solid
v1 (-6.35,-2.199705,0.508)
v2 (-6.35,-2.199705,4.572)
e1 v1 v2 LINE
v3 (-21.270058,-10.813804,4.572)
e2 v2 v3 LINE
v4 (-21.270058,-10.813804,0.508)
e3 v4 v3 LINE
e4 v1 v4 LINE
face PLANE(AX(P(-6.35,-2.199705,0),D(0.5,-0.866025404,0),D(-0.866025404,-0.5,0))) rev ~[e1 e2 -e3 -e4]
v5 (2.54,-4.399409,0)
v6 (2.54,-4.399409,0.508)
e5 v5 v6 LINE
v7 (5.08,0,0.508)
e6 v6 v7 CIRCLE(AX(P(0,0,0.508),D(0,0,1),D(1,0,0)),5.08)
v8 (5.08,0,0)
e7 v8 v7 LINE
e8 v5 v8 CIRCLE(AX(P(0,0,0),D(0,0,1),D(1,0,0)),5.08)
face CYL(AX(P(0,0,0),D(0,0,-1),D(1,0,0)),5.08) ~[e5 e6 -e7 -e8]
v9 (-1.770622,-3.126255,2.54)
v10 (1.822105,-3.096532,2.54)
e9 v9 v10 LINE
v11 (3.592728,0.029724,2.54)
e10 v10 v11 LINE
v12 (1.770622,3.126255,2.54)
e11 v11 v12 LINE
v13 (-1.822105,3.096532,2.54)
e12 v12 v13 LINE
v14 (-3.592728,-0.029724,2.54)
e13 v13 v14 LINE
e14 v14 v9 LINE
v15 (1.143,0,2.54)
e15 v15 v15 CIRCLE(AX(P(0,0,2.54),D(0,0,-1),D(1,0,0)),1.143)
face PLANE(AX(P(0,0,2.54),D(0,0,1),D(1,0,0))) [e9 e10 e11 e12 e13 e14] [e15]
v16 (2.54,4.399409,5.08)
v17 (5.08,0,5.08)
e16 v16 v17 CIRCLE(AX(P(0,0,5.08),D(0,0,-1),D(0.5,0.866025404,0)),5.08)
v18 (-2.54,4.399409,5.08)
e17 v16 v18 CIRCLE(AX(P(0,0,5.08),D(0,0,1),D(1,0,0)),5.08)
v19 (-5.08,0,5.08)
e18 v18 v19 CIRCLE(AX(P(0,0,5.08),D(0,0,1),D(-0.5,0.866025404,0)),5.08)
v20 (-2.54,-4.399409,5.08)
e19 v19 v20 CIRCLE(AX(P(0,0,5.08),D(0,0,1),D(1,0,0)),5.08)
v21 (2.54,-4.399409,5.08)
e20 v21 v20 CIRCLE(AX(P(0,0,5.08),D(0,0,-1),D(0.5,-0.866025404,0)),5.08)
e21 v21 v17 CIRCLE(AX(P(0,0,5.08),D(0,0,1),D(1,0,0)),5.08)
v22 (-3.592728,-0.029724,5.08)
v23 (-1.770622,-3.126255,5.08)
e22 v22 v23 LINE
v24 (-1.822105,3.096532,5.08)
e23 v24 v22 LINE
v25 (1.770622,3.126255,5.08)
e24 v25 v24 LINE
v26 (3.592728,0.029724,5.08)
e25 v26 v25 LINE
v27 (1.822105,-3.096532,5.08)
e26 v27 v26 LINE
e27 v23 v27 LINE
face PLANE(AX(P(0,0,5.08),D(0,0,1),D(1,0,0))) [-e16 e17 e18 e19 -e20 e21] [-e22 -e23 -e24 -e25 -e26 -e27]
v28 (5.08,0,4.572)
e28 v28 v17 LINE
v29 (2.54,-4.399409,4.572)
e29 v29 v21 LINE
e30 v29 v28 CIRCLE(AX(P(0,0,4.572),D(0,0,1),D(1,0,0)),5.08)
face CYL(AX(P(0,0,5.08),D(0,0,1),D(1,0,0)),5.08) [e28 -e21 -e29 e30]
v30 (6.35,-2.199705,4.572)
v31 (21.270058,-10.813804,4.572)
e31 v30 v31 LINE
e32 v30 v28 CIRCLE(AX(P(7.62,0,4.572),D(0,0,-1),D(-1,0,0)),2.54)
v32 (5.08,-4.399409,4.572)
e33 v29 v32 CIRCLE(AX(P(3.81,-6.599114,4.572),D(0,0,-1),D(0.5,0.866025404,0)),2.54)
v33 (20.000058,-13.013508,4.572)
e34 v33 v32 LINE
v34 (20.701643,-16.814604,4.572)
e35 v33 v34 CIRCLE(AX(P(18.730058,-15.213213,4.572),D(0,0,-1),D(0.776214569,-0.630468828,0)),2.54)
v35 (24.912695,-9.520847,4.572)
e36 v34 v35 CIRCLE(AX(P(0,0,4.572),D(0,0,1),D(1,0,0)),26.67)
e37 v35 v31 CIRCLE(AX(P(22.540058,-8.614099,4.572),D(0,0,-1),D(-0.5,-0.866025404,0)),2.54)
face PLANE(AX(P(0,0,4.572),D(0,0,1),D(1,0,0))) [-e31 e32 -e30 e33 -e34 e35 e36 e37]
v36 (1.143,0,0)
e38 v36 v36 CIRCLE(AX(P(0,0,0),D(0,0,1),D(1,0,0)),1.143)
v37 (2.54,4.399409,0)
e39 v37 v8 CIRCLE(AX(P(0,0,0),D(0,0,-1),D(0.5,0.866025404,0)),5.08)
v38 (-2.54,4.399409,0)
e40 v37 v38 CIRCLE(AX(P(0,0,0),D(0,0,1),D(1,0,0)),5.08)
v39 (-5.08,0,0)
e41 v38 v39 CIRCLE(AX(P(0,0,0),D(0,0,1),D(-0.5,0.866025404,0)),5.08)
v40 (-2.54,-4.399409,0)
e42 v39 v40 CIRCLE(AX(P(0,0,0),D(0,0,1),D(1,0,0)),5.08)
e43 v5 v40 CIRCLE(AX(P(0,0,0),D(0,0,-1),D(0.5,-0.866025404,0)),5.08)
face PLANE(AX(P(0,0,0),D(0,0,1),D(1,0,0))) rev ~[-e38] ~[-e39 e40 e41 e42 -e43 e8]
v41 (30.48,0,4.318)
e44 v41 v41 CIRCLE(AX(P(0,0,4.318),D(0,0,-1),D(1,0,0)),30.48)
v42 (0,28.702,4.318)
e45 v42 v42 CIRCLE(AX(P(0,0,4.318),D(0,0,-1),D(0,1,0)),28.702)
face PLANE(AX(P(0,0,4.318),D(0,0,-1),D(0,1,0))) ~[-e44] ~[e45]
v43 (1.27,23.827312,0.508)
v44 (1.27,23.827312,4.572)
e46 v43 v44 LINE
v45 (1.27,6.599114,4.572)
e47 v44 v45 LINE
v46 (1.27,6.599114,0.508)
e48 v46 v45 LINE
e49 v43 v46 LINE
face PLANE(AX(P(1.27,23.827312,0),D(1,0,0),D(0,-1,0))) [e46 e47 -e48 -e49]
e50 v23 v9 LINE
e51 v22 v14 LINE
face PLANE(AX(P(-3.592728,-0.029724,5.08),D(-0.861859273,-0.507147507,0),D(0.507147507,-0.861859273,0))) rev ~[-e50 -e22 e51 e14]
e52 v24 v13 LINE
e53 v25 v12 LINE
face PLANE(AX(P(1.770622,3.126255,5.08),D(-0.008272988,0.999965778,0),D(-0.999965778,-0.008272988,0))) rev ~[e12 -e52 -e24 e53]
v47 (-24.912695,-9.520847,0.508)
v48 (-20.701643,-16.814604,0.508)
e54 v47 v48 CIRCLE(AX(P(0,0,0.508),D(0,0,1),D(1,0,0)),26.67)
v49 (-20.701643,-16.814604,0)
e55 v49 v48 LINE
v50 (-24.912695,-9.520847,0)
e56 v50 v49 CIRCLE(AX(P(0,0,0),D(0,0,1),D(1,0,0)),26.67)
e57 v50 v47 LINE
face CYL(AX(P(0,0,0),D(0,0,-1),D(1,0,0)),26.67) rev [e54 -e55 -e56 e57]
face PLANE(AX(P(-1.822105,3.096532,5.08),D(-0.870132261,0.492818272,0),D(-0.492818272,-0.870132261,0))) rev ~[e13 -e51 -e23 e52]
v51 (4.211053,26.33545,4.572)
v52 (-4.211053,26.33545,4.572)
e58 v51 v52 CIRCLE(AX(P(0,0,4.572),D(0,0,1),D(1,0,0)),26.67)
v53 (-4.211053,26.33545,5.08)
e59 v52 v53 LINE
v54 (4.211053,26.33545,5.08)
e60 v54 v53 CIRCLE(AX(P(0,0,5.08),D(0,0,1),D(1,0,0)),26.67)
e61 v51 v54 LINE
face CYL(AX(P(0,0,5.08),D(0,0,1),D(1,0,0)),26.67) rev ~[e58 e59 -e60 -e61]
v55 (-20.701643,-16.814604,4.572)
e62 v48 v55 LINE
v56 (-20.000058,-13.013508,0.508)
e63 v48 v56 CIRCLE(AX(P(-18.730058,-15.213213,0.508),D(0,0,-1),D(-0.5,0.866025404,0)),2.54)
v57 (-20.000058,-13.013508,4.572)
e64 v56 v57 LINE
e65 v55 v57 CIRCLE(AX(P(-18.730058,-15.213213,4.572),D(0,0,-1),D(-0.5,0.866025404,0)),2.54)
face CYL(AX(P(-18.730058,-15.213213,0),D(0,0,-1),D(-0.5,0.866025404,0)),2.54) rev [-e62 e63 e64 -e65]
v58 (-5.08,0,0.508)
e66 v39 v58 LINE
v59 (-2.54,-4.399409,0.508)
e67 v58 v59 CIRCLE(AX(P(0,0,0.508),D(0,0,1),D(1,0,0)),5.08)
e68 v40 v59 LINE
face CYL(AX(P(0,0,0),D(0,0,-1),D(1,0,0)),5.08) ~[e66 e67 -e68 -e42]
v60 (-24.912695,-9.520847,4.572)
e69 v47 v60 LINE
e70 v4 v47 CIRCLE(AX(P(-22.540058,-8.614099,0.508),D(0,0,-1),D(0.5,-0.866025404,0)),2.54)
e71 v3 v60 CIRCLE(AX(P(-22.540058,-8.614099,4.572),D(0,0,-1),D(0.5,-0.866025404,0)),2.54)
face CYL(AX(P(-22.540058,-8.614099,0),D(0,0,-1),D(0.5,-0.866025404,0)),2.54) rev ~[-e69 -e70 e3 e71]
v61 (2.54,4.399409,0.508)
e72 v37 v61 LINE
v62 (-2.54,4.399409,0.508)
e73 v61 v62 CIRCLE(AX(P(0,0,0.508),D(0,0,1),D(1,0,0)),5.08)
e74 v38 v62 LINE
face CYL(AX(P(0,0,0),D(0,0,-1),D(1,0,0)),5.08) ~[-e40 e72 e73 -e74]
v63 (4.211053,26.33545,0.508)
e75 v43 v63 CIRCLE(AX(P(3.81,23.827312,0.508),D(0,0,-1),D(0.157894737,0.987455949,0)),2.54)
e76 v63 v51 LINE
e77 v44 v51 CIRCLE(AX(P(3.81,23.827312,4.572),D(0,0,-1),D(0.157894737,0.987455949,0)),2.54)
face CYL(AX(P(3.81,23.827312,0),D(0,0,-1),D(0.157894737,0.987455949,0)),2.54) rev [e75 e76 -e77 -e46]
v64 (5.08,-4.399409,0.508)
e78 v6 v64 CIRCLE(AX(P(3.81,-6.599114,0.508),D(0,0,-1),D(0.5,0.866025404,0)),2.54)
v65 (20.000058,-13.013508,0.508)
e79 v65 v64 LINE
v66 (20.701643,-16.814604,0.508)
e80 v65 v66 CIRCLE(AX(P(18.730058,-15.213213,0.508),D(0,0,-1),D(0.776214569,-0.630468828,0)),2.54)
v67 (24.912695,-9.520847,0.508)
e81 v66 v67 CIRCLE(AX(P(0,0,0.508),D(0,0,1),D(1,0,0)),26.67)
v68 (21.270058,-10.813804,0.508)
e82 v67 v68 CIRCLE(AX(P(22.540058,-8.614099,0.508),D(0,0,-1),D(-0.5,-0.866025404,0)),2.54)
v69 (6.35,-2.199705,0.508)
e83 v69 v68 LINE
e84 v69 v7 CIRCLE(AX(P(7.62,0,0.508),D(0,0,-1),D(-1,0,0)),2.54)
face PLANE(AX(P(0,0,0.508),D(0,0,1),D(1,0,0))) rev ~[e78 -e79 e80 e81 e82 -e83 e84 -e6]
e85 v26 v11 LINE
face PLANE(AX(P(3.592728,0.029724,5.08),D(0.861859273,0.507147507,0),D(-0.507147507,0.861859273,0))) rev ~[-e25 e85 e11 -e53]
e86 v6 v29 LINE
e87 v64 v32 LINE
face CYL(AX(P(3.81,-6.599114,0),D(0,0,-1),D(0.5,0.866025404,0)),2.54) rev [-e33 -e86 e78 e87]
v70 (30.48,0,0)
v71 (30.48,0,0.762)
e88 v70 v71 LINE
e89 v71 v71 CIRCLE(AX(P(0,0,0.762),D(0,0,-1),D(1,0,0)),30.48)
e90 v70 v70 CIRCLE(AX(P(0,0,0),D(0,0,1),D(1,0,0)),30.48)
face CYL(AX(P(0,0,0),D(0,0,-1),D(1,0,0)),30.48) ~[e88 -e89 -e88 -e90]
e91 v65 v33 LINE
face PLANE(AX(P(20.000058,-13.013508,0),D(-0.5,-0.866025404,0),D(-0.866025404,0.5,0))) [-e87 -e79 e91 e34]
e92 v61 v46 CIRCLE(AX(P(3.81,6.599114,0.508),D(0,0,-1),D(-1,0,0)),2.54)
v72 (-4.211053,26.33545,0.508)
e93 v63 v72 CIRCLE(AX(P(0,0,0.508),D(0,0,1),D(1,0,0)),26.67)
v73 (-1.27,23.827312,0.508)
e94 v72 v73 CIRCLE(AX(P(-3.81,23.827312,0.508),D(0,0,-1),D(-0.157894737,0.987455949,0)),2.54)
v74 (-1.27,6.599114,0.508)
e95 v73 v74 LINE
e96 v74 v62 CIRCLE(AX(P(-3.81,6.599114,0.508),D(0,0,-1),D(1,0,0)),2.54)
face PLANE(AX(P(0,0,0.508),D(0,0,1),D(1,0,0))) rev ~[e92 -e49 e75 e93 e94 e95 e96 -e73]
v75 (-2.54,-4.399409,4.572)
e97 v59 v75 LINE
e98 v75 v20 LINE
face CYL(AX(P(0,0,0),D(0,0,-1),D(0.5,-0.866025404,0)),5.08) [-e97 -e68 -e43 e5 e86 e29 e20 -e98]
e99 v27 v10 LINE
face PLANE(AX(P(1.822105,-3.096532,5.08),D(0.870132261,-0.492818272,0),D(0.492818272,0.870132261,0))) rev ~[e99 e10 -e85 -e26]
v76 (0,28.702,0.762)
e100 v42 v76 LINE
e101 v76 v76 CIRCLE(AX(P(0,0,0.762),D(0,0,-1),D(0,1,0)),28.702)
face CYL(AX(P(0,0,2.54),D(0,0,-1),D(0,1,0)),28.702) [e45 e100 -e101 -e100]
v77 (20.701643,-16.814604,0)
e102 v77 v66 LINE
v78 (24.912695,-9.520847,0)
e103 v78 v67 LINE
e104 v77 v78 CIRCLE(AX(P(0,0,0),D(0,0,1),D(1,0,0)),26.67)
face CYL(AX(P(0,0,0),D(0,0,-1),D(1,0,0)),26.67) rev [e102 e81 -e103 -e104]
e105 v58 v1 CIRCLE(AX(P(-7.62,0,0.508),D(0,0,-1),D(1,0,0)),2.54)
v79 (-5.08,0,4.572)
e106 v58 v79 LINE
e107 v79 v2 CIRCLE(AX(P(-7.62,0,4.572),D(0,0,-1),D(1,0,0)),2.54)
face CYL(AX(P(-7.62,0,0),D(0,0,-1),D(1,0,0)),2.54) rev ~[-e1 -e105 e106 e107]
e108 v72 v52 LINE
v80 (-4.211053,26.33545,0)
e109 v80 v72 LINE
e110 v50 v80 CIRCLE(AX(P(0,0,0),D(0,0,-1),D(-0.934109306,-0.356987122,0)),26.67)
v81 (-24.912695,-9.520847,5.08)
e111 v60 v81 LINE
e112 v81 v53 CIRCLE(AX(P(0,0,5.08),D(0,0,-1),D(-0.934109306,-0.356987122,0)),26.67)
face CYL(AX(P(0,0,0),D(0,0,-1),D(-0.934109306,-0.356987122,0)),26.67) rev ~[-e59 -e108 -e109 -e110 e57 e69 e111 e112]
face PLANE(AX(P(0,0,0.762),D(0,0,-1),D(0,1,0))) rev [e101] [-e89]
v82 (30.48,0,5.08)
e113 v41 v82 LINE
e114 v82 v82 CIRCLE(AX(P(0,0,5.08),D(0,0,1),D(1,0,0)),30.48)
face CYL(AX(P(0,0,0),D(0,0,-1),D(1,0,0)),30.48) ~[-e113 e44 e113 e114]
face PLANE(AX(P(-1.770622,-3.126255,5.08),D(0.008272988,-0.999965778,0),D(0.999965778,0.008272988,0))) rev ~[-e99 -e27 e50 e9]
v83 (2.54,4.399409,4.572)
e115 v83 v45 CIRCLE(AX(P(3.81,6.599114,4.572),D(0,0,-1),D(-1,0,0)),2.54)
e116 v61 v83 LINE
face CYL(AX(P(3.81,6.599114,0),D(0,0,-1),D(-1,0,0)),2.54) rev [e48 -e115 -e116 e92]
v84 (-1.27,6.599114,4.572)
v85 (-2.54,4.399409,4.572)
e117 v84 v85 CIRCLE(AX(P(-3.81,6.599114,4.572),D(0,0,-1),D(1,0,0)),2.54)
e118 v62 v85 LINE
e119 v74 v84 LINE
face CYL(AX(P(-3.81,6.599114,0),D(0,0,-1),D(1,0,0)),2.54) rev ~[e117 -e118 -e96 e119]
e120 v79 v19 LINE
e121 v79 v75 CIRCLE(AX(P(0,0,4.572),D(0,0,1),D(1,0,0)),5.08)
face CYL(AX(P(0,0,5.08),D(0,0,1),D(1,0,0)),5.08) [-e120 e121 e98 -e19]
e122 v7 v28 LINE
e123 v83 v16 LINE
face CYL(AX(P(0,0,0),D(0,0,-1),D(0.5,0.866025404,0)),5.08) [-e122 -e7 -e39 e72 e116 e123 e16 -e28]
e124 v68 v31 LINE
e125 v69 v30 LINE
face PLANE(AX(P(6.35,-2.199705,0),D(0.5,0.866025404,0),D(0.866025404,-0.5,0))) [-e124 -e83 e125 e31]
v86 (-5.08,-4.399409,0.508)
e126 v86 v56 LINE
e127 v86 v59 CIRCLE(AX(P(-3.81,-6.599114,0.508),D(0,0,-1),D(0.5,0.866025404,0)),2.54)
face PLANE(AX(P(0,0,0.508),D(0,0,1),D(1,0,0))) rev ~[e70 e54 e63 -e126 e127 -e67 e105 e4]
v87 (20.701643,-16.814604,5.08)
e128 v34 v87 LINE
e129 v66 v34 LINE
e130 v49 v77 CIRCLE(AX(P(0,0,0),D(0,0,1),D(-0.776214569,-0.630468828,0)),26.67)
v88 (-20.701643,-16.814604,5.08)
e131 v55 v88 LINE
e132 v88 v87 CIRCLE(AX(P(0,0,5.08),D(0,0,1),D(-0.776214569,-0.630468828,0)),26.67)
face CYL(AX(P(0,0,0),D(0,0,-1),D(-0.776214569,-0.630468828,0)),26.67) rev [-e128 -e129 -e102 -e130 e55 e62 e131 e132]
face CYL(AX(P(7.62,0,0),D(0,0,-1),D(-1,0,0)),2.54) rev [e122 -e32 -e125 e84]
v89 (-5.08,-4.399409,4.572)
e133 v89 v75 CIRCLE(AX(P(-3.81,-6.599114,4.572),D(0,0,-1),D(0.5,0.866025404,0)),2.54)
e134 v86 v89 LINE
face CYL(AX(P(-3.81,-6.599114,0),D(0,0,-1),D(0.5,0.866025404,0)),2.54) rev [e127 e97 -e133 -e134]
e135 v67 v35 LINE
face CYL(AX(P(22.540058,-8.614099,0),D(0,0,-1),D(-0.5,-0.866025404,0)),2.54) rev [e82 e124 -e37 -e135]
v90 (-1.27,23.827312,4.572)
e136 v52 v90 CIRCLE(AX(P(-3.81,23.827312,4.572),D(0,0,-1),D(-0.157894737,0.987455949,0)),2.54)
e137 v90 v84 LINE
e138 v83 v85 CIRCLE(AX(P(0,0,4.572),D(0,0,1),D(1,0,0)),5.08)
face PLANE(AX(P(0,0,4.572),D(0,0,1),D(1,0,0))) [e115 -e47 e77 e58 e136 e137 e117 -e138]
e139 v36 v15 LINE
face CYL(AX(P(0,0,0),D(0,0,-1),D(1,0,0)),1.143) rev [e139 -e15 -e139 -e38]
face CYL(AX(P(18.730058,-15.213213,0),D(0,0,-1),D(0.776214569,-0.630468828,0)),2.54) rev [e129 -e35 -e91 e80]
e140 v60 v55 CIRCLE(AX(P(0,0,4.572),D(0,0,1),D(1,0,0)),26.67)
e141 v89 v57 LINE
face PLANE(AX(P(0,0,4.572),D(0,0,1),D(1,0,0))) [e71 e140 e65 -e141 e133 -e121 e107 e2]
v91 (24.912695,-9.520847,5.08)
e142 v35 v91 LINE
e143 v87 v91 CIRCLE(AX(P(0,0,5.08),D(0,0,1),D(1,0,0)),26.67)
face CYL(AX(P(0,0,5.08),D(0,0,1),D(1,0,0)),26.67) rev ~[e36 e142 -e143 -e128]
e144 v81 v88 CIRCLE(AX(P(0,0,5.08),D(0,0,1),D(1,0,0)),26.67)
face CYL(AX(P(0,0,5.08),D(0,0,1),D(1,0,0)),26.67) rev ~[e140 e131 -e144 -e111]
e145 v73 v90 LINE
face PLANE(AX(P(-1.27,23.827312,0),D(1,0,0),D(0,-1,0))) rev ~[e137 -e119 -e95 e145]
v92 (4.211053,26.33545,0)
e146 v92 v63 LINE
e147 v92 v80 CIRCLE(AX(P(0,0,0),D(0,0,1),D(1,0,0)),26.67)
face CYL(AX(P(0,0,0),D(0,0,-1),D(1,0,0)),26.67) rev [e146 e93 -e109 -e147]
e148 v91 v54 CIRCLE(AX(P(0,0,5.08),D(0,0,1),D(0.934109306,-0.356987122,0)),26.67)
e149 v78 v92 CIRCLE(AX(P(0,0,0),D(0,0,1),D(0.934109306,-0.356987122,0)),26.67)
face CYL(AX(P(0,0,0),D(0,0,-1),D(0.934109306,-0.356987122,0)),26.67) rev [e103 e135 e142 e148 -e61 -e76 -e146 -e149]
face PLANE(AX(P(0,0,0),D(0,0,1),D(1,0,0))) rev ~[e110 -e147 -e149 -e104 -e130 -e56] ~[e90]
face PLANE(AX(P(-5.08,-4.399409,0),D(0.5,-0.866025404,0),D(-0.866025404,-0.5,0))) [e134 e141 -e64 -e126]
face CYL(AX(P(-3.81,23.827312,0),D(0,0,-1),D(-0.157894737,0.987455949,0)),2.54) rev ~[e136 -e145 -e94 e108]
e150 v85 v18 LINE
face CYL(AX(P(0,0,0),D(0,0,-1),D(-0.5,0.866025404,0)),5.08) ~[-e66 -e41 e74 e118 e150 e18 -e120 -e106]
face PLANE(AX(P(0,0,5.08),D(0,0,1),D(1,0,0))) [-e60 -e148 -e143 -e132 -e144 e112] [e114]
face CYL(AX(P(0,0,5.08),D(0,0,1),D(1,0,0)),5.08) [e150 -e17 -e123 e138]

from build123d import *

# Parameters (mm, degrees)
SKETCH1_R           = 30.48
SKETCH1_R_2         = 1.143
BOSS_EXTRUDE1_DEPTH = 5.08
CUT_EXTRUDE1_DEPTH  = 2.54
SKETCH3_W           = 3.556
SKETCH3_H           = 1.778
SKETCH6_R           = 26.67
SKETCH6_R_2         = 5.08
CUT_EXTRUDE2_DEPTH  = 0.508
SKETCH8_R           = 26.67
SKETCH8_R_2         = 5.08
CUT_EXTRUDE3_DEPTH  = 0.508


with BuildPart() as part:
    # Sketch1 → Boss-Extrude1 (new body)
    with BuildSketch(Plane.XY):
        Circle(SKETCH1_R)
        Circle(SKETCH1_R_2, mode=Mode.SUBTRACT)
        with BuildLine():
            Line((-1.27, 23.82731206), (-1.27, 6.599113577))
            ThreePointArc((-1.27, 6.599113577), (-1.610295474, 5.329113577), (-2.54, 4.399409051))
            ThreePointArc((-2.54, 4.399409051), (-4.399409051, 2.54), (-5.08, 0))
            ThreePointArc((-5.08, 0), (-5.420295474, -1.27), (-6.35, -2.199704526))
            Line((-6.35, -2.199704526), (-21.270057548, -10.813803767))
            ThreePointArc((-21.270057548, -10.813803767), (-23.389696909, -11.007781124), (-24.912695184, -9.52084653))
            ThreePointArc((-24.912695184, -9.52084653), (-23.096897519, 13.335), (-4.211052632, 26.335450171))
            ThreePointArc((-4.211052632, 26.335450171), (-2.161830361, 25.759962272), (-1.27, 23.82731206))
        make_face(mode=Mode.SUBTRACT)
        with BuildLine():
            Line((1.27, 23.82731206), (1.27, 6.599113577))
            ThreePointArc((1.27, 6.599113577), (1.610295474, 5.329113577), (2.54, 4.399409051))
            ThreePointArc((2.54, 4.399409051), (4.399409051, 2.54), (5.08, 0))
            ThreePointArc((5.08, 0), (5.420295474, -1.27), (6.35, -2.199704526))
            Line((6.35, -2.199704526), (21.270057548, -10.813803767))
            ThreePointArc((21.270057548, -10.813803767), (23.389696909, -11.007781124), (24.912695184, -9.52084653))
            ThreePointArc((24.912695184, -9.52084653), (23.096897519, 13.335), (4.211052632, 26.335450171))
            ThreePointArc((4.211052632, 26.335450171), (2.161830361, 25.759962272), (1.27, 23.82731206))
        make_face(mode=Mode.SUBTRACT)
        with BuildLine():
            Line((20.000057548, -13.013508293), (5.08, -4.399409051))
            ThreePointArc((5.08, -4.399409051), (3.81, -4.059113577), (2.54, -4.399409051))
            ThreePointArc((2.54, -4.399409051), (0, -5.08), (-2.54, -4.399409051))
            ThreePointArc((-2.54, -4.399409051), (-3.81, -4.059113577), (-5.08, -4.399409051))
            Line((-5.08, -4.399409051), (-20.000057548, -13.013508293))
            ThreePointArc((-20.000057548, -13.013508293), (-21.227866547, -14.752181148), (-20.701642553, -16.814603641))
            ThreePointArc((-20.701642553, -16.814603641), (0, -26.67), (20.701642553, -16.814603641))
            ThreePointArc((20.701642553, -16.814603641), (21.227866547, -14.752181148), (20.000057548, -13.013508293))
        make_face(mode=Mode.SUBTRACT)
    extrude(amount=BOSS_EXTRUDE1_DEPTH)

    # Sketch2 → Cut-Extrude1 (cut)
    with BuildSketch(Plane.XY.offset(5.08)):
        Polygon((1.770622484, 3.126255324), (-1.822105287, 3.096531714), (-3.592727772, -0.02972361), (-1.770622484, -3.126255324), (1.822105287, -3.096531714), (3.592727772, 0.02972361), align=None)
    extrude(amount=-CUT_EXTRUDE1_DEPTH, mode=Mode.SUBTRACT)

    # Sketch3 → Cut-Revolve1 (revolve, cut)
    with BuildSketch(Plane(origin=(0, 0, 0), x_dir=(0, 0, -1), z_dir=(1, 0, 0))):
        with Locations((-2.54, 29.591)):
            Rectangle(SKETCH3_W, SKETCH3_H)
    revolve(axis=Axis((0, 0, 7.917922269), (0, 0, -1)), mode=Mode.SUBTRACT)

    # Sketch6 → Cut-Extrude2 (cut)
    with BuildSketch(Plane.XY):
        Circle(SKETCH6_R)
        Circle(SKETCH6_R_2, mode=Mode.SUBTRACT)
    extrude(amount=CUT_EXTRUDE2_DEPTH, mode=Mode.SUBTRACT)

    # Sketch8 → Cut-Extrude3 (cut)
    with BuildSketch(Plane.XY.offset(5.08)):
        Circle(SKETCH8_R)
        Circle(SKETCH8_R_2, mode=Mode.SUBTRACT)
    extrude(amount=-CUT_EXTRUDE3_DEPTH, mode=Mode.SUBTRACT)


solid = part.part
